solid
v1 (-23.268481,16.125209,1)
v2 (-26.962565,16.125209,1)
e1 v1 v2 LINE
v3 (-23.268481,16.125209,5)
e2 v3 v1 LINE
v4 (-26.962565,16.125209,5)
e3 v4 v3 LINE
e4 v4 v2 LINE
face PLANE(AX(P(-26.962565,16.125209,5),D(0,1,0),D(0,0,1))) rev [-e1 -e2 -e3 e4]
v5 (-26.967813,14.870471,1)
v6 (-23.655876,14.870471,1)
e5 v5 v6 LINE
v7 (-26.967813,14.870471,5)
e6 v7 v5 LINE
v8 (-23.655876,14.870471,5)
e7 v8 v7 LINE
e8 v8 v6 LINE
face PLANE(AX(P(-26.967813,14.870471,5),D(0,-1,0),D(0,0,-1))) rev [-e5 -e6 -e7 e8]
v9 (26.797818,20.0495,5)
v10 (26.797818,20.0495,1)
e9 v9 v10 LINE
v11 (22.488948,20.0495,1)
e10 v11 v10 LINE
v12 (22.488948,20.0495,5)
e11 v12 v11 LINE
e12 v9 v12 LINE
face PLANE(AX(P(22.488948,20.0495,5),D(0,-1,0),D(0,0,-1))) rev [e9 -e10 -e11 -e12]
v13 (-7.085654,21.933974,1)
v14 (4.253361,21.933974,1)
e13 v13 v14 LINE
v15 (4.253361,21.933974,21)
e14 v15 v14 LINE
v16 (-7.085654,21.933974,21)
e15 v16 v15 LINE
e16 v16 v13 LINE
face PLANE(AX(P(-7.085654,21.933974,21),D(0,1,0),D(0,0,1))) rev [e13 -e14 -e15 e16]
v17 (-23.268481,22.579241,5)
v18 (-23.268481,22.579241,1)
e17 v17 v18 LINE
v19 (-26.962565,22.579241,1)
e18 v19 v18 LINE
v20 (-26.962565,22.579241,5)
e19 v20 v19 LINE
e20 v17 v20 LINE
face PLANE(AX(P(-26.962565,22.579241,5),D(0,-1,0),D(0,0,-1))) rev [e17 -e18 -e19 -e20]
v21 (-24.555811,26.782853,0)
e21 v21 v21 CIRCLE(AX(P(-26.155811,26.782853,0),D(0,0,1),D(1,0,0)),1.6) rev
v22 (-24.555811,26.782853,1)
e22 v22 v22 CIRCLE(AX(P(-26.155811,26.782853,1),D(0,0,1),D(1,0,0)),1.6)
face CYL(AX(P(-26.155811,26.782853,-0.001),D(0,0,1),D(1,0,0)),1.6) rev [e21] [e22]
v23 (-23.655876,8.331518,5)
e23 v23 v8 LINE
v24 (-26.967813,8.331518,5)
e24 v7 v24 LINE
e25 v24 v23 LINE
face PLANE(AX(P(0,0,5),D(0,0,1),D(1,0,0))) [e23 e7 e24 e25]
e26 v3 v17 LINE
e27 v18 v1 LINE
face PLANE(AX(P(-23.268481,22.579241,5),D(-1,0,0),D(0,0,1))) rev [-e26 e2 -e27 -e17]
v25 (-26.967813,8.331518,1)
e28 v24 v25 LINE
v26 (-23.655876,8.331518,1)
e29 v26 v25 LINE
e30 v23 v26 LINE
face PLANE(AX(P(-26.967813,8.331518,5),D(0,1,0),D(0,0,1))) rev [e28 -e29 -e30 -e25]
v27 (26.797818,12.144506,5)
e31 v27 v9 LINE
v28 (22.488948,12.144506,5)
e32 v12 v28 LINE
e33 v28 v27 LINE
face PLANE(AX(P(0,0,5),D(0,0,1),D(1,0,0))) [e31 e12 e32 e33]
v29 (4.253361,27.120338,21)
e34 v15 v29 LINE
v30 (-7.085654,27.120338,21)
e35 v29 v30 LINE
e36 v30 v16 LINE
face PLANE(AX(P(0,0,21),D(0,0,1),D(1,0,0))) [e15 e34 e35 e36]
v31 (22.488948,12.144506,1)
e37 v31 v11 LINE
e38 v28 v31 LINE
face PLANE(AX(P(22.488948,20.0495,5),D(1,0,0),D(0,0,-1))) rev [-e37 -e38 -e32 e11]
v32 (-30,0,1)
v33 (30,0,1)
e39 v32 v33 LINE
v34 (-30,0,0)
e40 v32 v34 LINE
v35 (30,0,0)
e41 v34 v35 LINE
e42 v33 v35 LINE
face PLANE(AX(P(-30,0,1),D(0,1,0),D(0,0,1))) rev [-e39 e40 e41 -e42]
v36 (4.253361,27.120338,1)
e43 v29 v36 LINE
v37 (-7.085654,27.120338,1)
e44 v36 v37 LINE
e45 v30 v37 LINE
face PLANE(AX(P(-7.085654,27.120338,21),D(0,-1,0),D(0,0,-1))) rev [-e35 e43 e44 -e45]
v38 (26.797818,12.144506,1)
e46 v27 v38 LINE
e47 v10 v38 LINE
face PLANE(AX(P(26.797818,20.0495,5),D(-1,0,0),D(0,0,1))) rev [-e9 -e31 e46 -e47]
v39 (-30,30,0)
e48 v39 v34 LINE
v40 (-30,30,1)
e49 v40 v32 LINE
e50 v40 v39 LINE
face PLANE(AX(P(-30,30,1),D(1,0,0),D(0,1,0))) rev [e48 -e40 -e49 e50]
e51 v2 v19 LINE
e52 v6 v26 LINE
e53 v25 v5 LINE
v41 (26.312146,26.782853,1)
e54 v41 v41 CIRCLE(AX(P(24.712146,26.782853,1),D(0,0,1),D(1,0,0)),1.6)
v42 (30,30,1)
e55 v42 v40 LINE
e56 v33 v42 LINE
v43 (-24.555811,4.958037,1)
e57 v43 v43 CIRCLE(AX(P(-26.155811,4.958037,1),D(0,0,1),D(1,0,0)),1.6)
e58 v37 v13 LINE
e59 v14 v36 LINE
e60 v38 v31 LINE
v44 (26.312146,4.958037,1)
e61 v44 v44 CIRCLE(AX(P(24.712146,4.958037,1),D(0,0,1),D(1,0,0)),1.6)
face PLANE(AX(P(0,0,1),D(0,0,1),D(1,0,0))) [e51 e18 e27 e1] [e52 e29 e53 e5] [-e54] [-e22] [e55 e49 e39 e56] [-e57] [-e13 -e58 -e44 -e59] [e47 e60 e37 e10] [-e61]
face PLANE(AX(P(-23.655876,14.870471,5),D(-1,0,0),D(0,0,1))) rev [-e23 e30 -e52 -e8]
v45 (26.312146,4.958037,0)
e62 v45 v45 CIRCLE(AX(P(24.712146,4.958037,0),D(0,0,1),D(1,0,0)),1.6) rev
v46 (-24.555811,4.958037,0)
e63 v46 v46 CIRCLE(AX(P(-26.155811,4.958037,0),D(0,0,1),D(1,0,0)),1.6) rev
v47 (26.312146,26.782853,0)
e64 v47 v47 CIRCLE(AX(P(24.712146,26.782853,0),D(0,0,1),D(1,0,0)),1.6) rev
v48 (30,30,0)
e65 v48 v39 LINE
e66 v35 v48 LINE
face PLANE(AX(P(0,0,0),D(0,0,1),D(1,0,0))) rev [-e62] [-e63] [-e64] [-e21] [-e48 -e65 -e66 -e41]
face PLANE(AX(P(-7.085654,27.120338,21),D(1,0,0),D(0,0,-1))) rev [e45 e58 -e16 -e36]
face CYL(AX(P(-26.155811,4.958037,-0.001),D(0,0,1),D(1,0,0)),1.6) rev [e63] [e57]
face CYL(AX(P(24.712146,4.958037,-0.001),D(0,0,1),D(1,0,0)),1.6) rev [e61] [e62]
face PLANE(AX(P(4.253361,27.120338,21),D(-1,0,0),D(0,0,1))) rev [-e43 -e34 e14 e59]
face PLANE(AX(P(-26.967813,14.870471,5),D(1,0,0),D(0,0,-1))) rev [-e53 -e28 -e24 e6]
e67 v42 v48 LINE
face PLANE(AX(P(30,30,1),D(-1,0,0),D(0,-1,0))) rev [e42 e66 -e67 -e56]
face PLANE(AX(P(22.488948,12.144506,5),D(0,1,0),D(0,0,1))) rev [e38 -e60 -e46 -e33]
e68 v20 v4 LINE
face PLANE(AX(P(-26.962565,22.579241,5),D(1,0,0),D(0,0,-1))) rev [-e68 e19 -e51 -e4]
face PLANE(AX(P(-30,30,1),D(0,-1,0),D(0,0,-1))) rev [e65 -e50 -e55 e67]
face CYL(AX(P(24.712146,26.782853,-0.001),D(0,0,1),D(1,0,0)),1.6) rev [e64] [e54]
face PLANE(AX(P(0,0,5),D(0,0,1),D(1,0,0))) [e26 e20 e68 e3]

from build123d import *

# Parameters (mm, degrees)
SKETCH_1_W          = 60
SKETCH_1_H          = 30
EXTRUDE_1_DEPTH     = 1
CUT_EXTRUDE_1_REACH = 44.438
SKETCH_2_R          = 1.6
SKETCH_2_3_R        = 1.6
CUT_EXTRUDE_2_DEPTH = 1
SKETCH_3_W          = 11.33901572
SKETCH_3_H          = 5.18636438
EXTRUDE_2_DEPTH     = 20
SKETCH_5_W          = 3.694083694
SKETCH_5_H          = 6.454031282
SKETCH_5_W_2        = 3.311937105
SKETCH_5_H_2        = 6.538952746
SKETCH_5_W_3        = 4.308869274
SKETCH_5_H_3        = 7.904993255
EXTRUDE_3_DEPTH     = 5


with BuildPart() as part:
    # 草图1 → 凸台-拉伸1 (new body)
    with BuildSketch(Plane.XY):
        with Locations((0, 15)):
            Rectangle(SKETCH_1_W, SKETCH_1_H)
    extrude(amount=EXTRUDE_1_DEPTH)

    # 草图2 → 切除-拉伸1 (cut, up to next)
    with BuildSketch(Plane.XY.offset(1), mode=Mode.PRIVATE) as cut_extrude_1_sk1:
        with Locations((-26.155810983, 4.958036855)):
            Circle(SKETCH_2_R)
    cut_extrude_1_tool1 = extrude(cut_extrude_1_sk1.sketch, amount=-CUT_EXTRUDE_1_REACH, mode=Mode.PRIVATE) & part.part
    add(cut_extrude_1_tool1.solids().sort_by_distance((-26.155811, 4.958037, 1))[0], mode=Mode.SUBTRACT)

    # 草图2<3> → 切除-拉伸2 (cut)
    with BuildSketch(Plane.XY.offset(1)):
        with Locations((-26.155810983, 26.782853162)):
            Circle(SKETCH_2_3_R)
        with Locations((-26.155810983, 4.958036855)):
            Circle(SKETCH_2_3_R)
        with Locations((24.712146091, 26.782853162)):
            Circle(SKETCH_2_3_R)
        with Locations((24.712146091, 4.958036855)):
            Circle(SKETCH_2_3_R)
    extrude(amount=-CUT_EXTRUDE_2_DEPTH, mode=Mode.SUBTRACT)

    # 草图3 → 凸台-拉伸2 (add)
    with BuildSketch(Plane.XY.offset(1)):
        with Locations((-1.41614663, 24.527155888)):
            Rectangle(SKETCH_3_W, SKETCH_3_H)
    extrude(amount=EXTRUDE_2_DEPTH)

    # 草图5 → 凸台-拉伸3 (add)
    with BuildSketch(Plane.XY):
        with Locations((-25.115523047, 19.352225042)):
            Rectangle(SKETCH_5_W, SKETCH_5_H)
        with Locations((-25.311844501, 11.600994733)):
            Rectangle(SKETCH_5_W_2, SKETCH_5_H_2)
        with Locations((24.643382961, 16.097003055)):
            Rectangle(SKETCH_5_W_3, SKETCH_5_H_3)
    extrude(amount=EXTRUDE_3_DEPTH)


solid = part.part
